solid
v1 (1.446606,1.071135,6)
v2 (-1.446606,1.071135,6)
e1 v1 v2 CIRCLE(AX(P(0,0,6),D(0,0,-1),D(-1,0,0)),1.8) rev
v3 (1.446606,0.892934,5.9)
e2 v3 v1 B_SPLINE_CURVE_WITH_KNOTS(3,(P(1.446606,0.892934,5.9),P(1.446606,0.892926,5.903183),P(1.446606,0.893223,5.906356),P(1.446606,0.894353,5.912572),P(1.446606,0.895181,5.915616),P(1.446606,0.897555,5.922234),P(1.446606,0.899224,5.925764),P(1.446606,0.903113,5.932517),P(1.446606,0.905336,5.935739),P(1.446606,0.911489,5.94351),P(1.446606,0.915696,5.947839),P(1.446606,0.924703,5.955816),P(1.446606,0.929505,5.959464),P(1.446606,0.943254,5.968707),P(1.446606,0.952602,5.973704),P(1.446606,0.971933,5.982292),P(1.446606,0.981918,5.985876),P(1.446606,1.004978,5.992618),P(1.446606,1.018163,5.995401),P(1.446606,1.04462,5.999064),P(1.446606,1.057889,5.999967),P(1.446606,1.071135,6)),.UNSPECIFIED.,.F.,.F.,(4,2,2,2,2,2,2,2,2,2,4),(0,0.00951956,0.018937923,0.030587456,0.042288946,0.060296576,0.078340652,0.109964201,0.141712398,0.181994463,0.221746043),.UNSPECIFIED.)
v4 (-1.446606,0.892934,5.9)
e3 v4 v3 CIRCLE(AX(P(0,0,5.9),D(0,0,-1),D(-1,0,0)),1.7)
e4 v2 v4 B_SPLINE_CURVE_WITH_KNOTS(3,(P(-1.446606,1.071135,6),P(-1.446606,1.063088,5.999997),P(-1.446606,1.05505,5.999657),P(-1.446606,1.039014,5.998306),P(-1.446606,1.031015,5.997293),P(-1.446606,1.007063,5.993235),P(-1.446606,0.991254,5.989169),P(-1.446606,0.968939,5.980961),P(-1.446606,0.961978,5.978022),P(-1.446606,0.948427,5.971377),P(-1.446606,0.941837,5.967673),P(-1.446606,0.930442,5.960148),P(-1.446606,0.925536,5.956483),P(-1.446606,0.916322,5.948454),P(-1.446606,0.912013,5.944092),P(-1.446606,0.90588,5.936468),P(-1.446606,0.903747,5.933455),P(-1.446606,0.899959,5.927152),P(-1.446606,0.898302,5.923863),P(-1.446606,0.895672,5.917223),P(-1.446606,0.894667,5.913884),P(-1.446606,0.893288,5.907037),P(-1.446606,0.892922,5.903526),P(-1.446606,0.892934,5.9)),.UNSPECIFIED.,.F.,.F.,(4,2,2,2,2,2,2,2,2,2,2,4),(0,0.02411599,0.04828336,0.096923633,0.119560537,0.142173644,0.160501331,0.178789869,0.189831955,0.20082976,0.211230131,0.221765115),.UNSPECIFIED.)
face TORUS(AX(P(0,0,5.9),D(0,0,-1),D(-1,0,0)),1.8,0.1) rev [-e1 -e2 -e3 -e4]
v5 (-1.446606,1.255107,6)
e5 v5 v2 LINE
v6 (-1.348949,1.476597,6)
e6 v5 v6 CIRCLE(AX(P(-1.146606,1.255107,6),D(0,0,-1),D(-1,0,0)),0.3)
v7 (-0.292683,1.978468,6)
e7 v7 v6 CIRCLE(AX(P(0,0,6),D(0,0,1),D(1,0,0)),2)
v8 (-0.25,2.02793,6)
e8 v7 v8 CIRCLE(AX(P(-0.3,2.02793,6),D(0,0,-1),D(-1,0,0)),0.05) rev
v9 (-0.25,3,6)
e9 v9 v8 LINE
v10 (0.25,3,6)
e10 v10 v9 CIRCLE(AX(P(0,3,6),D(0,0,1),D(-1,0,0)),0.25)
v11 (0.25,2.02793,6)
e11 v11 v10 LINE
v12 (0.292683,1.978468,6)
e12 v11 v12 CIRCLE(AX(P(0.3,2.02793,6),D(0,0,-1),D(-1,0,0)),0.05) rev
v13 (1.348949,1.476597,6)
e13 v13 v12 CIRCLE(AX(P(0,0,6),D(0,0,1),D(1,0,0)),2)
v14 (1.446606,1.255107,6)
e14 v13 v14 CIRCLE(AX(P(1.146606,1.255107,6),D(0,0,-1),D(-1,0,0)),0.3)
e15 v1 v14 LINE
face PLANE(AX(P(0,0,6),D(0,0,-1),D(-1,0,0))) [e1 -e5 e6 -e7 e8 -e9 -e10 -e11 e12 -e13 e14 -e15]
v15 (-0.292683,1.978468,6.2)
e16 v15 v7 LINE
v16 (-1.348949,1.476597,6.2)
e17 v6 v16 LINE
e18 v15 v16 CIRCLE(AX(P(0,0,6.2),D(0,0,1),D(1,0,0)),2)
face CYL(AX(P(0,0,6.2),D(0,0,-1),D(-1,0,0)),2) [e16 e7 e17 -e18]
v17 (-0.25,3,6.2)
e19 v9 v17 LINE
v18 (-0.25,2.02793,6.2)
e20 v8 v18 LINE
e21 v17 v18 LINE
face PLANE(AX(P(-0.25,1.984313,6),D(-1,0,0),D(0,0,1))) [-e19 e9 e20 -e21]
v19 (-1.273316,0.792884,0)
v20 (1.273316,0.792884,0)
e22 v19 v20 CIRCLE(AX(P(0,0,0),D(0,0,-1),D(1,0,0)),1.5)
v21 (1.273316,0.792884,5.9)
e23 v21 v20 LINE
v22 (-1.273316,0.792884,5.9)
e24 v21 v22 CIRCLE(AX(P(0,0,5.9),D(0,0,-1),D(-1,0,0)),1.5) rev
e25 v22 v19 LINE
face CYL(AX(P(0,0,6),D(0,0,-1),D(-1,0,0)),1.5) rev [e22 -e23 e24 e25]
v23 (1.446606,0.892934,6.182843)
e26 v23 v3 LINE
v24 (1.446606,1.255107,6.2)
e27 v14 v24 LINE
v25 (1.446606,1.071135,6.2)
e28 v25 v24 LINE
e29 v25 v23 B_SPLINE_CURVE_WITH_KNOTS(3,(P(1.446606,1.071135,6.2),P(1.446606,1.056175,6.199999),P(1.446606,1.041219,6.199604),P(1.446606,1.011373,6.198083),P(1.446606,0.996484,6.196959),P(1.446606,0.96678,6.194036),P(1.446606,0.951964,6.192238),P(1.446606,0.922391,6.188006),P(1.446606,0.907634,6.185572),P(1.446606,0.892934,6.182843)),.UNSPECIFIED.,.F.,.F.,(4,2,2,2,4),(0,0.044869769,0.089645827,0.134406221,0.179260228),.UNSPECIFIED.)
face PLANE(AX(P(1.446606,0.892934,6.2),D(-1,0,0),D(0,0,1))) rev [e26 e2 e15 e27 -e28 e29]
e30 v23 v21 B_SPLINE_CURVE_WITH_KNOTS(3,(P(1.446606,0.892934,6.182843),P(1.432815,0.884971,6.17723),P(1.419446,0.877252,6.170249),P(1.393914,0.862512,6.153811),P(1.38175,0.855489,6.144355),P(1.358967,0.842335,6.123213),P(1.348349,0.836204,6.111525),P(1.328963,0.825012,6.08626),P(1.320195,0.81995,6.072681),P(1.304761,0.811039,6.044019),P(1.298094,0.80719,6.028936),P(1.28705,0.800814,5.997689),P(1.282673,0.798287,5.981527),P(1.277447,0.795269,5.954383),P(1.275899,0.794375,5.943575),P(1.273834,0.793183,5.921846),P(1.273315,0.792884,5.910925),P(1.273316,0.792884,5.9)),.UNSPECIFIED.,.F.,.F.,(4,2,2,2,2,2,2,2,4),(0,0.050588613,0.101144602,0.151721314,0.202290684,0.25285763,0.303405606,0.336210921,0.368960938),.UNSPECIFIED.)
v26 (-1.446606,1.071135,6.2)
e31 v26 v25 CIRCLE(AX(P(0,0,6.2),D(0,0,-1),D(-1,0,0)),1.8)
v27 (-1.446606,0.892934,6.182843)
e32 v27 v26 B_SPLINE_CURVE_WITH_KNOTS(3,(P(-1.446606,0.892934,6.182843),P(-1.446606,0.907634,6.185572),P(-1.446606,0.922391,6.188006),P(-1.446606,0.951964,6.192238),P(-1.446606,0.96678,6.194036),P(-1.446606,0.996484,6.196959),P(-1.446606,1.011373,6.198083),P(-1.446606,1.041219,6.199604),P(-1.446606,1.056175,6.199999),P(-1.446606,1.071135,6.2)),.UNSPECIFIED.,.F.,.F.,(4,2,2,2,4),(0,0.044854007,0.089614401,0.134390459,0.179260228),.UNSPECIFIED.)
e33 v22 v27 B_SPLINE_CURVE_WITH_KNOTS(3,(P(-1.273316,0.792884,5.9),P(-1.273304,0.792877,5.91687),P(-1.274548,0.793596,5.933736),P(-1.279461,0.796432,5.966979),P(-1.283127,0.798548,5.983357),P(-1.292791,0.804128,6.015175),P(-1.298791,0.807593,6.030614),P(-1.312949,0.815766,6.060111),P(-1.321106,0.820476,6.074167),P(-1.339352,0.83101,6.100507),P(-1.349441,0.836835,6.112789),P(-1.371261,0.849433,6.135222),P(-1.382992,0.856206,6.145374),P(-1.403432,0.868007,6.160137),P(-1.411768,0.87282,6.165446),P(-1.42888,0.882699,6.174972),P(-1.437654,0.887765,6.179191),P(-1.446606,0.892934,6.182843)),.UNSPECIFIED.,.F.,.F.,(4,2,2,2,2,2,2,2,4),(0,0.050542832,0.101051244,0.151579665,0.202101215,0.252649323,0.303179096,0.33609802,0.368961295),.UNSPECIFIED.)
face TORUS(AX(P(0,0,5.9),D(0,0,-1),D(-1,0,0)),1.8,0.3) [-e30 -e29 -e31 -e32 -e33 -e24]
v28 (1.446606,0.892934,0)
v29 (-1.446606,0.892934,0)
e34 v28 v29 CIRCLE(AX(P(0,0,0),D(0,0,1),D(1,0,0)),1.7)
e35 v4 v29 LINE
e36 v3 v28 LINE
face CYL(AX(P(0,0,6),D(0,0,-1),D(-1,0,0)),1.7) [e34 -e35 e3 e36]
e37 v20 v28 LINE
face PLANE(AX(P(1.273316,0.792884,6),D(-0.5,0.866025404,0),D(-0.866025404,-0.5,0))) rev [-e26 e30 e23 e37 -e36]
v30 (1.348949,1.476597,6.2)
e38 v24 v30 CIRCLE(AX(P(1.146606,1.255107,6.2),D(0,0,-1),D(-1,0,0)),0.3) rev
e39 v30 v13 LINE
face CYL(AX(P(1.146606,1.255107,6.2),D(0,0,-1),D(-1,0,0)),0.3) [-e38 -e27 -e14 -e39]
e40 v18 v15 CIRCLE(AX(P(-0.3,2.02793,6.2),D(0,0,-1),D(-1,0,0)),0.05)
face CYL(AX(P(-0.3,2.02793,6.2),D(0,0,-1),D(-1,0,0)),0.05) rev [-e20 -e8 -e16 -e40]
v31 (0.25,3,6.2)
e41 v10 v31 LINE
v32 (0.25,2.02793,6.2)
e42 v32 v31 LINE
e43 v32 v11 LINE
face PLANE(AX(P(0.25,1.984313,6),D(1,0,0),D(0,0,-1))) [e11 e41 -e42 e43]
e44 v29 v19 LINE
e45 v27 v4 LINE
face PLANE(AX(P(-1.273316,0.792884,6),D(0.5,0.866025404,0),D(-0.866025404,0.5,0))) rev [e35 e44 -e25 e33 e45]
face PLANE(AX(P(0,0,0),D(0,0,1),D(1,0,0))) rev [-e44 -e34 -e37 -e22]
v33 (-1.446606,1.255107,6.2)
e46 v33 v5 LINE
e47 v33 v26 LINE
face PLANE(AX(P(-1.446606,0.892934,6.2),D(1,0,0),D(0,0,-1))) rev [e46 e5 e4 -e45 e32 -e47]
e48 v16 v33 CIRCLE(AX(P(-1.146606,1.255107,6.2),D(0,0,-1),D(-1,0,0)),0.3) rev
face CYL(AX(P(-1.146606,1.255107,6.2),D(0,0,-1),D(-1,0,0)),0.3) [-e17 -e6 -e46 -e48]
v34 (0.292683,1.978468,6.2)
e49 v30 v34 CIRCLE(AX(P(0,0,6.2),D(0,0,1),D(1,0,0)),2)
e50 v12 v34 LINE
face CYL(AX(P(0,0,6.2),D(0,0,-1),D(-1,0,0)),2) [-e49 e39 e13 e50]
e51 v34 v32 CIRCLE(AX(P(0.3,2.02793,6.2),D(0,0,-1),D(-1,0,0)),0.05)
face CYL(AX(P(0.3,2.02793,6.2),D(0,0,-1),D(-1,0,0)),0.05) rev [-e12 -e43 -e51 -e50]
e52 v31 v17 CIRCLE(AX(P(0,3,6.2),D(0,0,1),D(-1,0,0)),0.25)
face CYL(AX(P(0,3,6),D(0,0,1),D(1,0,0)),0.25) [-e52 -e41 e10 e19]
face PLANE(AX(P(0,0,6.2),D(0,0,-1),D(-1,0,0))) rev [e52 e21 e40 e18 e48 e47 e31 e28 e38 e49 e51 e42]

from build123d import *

# Parameters (mm, degrees)
EXTRUDE_6_DEPTH = 6
EXTRUDE_7_DEPTH = 0.2
EXTRUDE_START   = -0.2
EXTRUDE_8_DEPTH = 0.2
FILLET_4_R      = 0.05
FILLET_5_R      = 0.1
FILLET_6_R      = 0.3
FILLET_7_R      = 0.3


with BuildPart() as part:
    # Эскиз1 → Бобышка-Вытянуть6 (new body)
    with BuildSketch(Plane.XY):
        with BuildLine():
            Line((-1.273316217, 0.792884488), (-1.446606265, 0.892933544))
            ThreePointArc((-1.446606265, 0.892933544), (0, 1.7), (1.446606265, 0.892933544))
            Line((1.446606265, 0.892933544), (1.273316217, 0.792884488))
            ThreePointArc((1.273316217, 0.792884488), (0, 1.5), (-1.273316217, 0.792884488))
        make_face()
    extrude(amount=EXTRUDE_6_DEPTH)

    # Эскиз8 → Бобышка-Вытянуть7 (add)
    with BuildSketch(Plane.XY.offset(6)):
        with BuildLine():
            Line((-1.273316217, 0.792884488), (-1.446606265, 0.892933544))
            Line((-1.446606265, 0.892933544), (-1.446606265, 1.3810613))
            ThreePointArc((-1.446606265, 1.3810613), (0, 2), (1.446606265, 1.3810613))
            Line((1.446606265, 1.3810613), (1.446606265, 0.892933544))
            Line((1.446606265, 0.892933544), (1.273316217, 0.792884488))
            ThreePointArc((1.273316217, 0.792884488), (0, 1.5), (-1.273316217, 0.792884488))
        make_face()
    extrude(amount=EXTRUDE_7_DEPTH)

    # Эскиз9 → Бобышка-Вытянуть8 (add)
    with BuildSketch(Plane.XY.offset(6.2).offset(EXTRUDE_START)):
        with BuildLine():
            Line((-0.25, 1.984313483), (-0.25, 3))
            ThreePointArc((-0.25, 3), (0, 3.25), (0.25, 3))
            Line((0.25, 3), (0.25, 1.984313483))
            ThreePointArc((0.25, 1.984313483), (0, 2), (-0.25, 1.984313483))
        make_face()
    extrude(amount=EXTRUDE_8_DEPTH)

    # Скругление4
    fillet_4_edges = [part.edges().sort_by_distance(p)[0] for p in [
        (0.25, 1.984313483, 6.1),
        (-0.25, 1.984313483, 6.1),
    ]]
    fillet(fillet_4_edges, radius=FILLET_4_R)

    # Скругление5
    fillet_5_edges = [part.edges().sort_by_distance(p)[0] for p in [
        (0, 1.7, 6),
    ]]
    fillet(fillet_5_edges, radius=FILLET_5_R)

    # Скругление6
    fillet_6_edges = [part.edges().sort_by_distance(p)[0] for p in [
        (0, 1.5, 6.2),
    ]]
    fillet(fillet_6_edges, radius=FILLET_6_R)

    # Скругление7
    fillet_7_edges = [part.edges().sort_by_distance(p)[0] for p in [
        (1.446606265, 1.3810613, 6.1),
        (-1.446606265, 1.3810613, 6.1),
    ]]
    fillet(fillet_7_edges, radius=FILLET_7_R)


solid = part.part
